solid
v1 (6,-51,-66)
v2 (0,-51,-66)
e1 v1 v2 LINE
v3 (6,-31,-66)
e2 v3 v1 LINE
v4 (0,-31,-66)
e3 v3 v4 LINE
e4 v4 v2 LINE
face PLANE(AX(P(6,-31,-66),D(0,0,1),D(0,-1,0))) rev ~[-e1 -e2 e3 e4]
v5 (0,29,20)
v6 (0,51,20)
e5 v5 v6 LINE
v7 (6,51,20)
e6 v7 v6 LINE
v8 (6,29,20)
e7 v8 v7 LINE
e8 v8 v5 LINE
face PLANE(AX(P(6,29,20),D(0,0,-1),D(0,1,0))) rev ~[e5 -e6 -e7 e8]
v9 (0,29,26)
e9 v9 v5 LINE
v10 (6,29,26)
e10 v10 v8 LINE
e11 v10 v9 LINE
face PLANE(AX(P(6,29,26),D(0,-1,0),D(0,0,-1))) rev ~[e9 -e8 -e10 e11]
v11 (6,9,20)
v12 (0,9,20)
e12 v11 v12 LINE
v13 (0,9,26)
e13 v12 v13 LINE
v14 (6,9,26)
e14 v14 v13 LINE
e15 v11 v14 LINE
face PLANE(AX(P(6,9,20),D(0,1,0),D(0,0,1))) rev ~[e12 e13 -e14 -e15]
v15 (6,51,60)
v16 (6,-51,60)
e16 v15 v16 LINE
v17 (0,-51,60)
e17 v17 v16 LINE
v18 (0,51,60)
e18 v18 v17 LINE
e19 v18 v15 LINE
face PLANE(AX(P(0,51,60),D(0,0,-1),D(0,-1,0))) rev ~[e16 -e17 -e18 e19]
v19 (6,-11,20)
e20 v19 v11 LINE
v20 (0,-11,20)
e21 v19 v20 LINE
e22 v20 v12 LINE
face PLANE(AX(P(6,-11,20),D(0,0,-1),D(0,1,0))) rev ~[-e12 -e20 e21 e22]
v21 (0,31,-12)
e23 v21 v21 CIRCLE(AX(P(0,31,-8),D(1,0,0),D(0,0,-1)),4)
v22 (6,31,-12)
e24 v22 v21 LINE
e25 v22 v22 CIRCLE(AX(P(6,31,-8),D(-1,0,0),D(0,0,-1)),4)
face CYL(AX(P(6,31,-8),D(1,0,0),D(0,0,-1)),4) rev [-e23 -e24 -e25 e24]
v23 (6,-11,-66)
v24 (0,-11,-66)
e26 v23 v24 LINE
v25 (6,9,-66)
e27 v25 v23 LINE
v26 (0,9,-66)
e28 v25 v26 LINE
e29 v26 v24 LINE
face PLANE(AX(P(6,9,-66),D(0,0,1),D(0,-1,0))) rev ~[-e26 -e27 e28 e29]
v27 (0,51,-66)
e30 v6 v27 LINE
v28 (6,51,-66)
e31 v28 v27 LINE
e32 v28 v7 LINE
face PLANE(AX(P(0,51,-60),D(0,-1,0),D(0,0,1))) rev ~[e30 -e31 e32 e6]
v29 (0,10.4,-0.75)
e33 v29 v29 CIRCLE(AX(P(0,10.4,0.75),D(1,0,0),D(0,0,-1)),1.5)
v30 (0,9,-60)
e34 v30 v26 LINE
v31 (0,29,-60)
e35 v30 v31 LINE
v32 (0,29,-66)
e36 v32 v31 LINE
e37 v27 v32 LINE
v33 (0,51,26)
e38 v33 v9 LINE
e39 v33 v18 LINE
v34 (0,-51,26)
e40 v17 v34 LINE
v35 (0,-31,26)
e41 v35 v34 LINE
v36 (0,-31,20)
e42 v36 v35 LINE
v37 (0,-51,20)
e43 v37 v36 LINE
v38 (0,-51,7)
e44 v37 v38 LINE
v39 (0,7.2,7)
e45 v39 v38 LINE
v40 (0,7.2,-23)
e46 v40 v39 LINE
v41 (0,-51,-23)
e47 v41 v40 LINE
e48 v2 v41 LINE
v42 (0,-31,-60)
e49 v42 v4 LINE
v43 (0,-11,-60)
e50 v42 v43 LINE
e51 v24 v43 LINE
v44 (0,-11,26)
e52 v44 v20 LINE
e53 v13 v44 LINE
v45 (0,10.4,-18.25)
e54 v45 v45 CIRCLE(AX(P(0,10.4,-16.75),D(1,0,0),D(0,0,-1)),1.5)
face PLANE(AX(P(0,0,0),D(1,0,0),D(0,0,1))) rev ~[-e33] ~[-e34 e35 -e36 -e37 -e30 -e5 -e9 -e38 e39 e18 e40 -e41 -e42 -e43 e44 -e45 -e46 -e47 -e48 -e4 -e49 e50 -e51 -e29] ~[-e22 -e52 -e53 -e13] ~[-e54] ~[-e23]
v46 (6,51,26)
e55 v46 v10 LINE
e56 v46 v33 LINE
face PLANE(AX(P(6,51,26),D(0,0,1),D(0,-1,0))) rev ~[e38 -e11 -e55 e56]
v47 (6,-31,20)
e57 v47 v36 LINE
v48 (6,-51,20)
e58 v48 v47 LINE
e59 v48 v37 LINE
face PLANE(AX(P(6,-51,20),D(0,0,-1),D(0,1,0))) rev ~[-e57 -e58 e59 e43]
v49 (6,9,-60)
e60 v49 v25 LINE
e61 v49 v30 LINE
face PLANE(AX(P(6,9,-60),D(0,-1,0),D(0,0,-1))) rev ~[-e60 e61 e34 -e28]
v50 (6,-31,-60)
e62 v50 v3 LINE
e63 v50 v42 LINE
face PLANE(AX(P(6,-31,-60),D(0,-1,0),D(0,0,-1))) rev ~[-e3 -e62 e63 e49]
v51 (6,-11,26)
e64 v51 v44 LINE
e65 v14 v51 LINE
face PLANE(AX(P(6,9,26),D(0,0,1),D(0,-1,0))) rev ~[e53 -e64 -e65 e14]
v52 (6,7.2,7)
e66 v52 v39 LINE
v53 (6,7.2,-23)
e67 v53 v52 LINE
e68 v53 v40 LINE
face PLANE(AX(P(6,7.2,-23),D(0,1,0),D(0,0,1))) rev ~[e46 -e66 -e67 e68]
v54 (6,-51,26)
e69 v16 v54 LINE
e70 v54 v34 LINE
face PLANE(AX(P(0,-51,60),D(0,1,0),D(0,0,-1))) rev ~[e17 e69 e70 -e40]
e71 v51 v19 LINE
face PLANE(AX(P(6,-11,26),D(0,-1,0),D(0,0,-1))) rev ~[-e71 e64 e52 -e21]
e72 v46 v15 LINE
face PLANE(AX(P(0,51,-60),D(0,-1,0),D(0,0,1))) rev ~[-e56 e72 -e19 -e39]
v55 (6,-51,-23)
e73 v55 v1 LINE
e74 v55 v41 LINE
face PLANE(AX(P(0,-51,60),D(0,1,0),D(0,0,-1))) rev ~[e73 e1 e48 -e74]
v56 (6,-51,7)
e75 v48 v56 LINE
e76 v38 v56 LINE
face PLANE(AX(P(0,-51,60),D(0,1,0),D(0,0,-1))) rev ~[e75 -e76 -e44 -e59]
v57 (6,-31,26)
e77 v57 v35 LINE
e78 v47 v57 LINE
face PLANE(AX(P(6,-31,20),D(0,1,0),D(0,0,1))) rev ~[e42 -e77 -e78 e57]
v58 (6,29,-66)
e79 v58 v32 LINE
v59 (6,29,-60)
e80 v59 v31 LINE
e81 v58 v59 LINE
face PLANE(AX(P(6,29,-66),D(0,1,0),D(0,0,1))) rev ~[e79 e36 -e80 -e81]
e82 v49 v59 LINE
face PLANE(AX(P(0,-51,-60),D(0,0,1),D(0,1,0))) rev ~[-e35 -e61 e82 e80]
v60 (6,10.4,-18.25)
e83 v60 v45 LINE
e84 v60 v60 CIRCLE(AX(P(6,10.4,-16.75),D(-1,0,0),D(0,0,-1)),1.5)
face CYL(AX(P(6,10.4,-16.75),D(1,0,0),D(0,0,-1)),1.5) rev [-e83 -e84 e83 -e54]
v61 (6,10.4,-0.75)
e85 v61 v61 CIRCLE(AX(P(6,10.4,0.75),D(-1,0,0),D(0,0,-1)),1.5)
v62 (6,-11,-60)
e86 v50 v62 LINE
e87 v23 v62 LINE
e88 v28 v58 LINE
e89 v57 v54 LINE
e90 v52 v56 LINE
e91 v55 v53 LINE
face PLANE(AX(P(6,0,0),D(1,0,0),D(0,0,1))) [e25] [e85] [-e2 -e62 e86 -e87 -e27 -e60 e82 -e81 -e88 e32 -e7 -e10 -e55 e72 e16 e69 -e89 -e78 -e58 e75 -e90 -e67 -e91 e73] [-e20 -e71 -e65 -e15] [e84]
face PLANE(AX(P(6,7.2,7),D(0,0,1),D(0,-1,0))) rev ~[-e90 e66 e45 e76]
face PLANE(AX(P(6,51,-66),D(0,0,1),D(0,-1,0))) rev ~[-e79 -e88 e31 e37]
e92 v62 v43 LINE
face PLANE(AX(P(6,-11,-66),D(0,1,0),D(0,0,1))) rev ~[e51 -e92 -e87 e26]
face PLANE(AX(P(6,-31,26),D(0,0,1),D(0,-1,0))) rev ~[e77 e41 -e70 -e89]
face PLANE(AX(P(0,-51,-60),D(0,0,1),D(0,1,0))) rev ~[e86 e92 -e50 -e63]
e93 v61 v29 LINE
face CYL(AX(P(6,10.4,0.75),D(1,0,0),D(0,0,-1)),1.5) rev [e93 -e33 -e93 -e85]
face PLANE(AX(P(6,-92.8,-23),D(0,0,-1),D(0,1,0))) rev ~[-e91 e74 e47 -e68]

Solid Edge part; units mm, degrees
sketch "Sketch1" plane through (0, 0, 0) normal (1, 0, 0) x (0, 1, 0)
  line L0 (-51, -60) -> (51, -60)
  line L1 (51, -60) -> (51, 60)
  line L2 (51, 60) -> (-51, 60)
  line L3 (-51, 60) -> (-51, -60)
  dimension "D1" = 102
  dimension "D2" = 120
extrude "Protrusion1" add sketch "Sketch1" along normal blind 6
sketch "Sketch2" plane through (6, 0, 0) normal (1, 0, 0) x (0, 1, 0)
  line L0 (-51, 20) -> (-31, 20)
  line L1 (-31, 20) -> (-31, 26)
  line L2 (-31, 26) -> (-51, 26)
  line L3 (-51, 26) -> (-51, 20)
  line L4 (-11, 20) -> (9, 20)
  line L5 (9, 20) -> (9, 26)
  line L6 (9, 26) -> (-11, 26)
  line L7 (-11, 26) -> (-11, 20)
  line L8 (29, 20) -> (51, 20)
  line L9 (51, 20) -> (51, 26)
  line L10 (51, 26) -> (29, 26)
  line L11 (29, 26) -> (29, 20)
  dimension "D1" = 20
  dimension "D2" = 6
  dimension "D3" = 20
  dimension "D4" = 6
  dimension "D5" = 22
  dimension "D6" = 6
  dimension "D7" = 80
  dimension "D8" = 80
  dimension "D9" = 20
  dimension "D10" = 80
  dimension "D11" = 20
extrude "Cutout1" cut sketch "Sketch2" against normal through all
hole "Hole_1" at (6, 31, -8) direction (-1, 0, 0) diameter 8 end up to next
hole "Hole_2" at (6, 10.4, 0.75) direction (-1, 0, 0) diameter 3 end up to next
hole "Hole1" at (6, 10.4, -16.75) direction (-1, 0, 0) diameter 3 end up to next
sketch "Sketch3" plane through (6, 0, 0) normal (1, 0, 0) x (0, 1, 0)
  line L0 (-92.8, -23) -> (7.2, -23)
  line L1 (7.2, -23) -> (7.2, 7)
  line L2 (7.2, 7) -> (-92.8, 7)
  line L3 (-92.8, 7) -> (-92.8, -23)
  dimension "D1" = 100
  dimension "D2" = 30
  dimension "D3" = 43.8
  dimension "D4" = 15
extrude "Cutout2" cut sketch "Sketch3" against normal through all
sketch "Sketch4" plane through (6, 0, 0) normal (1, 0, 0) x (0, 1, 0)
  line L0 (-51, -60) -> (-31, -60)
  line L1 (-31, -60) -> (-31, -66)
  line L2 (-31, -66) -> (-51, -66)
  line L3 (-51, -66) -> (-51, -60)
  line L4 (-11, -60) -> (9, -60)
  line L5 (9, -60) -> (9, -66)
  line L6 (9, -66) -> (-11, -66)
  line L7 (-11, -66) -> (-11, -60)
  line L8 (29, -60) -> (51, -60)
  line L9 (51, -60) -> (51, -66)
  line L10 (51, -66) -> (29, -66)
  line L11 (29, -66) -> (29, -60)
extrude "Protrusion2" add sketch "Sketch4" against normal blind 6
properties material "Wood, Mahogany"
